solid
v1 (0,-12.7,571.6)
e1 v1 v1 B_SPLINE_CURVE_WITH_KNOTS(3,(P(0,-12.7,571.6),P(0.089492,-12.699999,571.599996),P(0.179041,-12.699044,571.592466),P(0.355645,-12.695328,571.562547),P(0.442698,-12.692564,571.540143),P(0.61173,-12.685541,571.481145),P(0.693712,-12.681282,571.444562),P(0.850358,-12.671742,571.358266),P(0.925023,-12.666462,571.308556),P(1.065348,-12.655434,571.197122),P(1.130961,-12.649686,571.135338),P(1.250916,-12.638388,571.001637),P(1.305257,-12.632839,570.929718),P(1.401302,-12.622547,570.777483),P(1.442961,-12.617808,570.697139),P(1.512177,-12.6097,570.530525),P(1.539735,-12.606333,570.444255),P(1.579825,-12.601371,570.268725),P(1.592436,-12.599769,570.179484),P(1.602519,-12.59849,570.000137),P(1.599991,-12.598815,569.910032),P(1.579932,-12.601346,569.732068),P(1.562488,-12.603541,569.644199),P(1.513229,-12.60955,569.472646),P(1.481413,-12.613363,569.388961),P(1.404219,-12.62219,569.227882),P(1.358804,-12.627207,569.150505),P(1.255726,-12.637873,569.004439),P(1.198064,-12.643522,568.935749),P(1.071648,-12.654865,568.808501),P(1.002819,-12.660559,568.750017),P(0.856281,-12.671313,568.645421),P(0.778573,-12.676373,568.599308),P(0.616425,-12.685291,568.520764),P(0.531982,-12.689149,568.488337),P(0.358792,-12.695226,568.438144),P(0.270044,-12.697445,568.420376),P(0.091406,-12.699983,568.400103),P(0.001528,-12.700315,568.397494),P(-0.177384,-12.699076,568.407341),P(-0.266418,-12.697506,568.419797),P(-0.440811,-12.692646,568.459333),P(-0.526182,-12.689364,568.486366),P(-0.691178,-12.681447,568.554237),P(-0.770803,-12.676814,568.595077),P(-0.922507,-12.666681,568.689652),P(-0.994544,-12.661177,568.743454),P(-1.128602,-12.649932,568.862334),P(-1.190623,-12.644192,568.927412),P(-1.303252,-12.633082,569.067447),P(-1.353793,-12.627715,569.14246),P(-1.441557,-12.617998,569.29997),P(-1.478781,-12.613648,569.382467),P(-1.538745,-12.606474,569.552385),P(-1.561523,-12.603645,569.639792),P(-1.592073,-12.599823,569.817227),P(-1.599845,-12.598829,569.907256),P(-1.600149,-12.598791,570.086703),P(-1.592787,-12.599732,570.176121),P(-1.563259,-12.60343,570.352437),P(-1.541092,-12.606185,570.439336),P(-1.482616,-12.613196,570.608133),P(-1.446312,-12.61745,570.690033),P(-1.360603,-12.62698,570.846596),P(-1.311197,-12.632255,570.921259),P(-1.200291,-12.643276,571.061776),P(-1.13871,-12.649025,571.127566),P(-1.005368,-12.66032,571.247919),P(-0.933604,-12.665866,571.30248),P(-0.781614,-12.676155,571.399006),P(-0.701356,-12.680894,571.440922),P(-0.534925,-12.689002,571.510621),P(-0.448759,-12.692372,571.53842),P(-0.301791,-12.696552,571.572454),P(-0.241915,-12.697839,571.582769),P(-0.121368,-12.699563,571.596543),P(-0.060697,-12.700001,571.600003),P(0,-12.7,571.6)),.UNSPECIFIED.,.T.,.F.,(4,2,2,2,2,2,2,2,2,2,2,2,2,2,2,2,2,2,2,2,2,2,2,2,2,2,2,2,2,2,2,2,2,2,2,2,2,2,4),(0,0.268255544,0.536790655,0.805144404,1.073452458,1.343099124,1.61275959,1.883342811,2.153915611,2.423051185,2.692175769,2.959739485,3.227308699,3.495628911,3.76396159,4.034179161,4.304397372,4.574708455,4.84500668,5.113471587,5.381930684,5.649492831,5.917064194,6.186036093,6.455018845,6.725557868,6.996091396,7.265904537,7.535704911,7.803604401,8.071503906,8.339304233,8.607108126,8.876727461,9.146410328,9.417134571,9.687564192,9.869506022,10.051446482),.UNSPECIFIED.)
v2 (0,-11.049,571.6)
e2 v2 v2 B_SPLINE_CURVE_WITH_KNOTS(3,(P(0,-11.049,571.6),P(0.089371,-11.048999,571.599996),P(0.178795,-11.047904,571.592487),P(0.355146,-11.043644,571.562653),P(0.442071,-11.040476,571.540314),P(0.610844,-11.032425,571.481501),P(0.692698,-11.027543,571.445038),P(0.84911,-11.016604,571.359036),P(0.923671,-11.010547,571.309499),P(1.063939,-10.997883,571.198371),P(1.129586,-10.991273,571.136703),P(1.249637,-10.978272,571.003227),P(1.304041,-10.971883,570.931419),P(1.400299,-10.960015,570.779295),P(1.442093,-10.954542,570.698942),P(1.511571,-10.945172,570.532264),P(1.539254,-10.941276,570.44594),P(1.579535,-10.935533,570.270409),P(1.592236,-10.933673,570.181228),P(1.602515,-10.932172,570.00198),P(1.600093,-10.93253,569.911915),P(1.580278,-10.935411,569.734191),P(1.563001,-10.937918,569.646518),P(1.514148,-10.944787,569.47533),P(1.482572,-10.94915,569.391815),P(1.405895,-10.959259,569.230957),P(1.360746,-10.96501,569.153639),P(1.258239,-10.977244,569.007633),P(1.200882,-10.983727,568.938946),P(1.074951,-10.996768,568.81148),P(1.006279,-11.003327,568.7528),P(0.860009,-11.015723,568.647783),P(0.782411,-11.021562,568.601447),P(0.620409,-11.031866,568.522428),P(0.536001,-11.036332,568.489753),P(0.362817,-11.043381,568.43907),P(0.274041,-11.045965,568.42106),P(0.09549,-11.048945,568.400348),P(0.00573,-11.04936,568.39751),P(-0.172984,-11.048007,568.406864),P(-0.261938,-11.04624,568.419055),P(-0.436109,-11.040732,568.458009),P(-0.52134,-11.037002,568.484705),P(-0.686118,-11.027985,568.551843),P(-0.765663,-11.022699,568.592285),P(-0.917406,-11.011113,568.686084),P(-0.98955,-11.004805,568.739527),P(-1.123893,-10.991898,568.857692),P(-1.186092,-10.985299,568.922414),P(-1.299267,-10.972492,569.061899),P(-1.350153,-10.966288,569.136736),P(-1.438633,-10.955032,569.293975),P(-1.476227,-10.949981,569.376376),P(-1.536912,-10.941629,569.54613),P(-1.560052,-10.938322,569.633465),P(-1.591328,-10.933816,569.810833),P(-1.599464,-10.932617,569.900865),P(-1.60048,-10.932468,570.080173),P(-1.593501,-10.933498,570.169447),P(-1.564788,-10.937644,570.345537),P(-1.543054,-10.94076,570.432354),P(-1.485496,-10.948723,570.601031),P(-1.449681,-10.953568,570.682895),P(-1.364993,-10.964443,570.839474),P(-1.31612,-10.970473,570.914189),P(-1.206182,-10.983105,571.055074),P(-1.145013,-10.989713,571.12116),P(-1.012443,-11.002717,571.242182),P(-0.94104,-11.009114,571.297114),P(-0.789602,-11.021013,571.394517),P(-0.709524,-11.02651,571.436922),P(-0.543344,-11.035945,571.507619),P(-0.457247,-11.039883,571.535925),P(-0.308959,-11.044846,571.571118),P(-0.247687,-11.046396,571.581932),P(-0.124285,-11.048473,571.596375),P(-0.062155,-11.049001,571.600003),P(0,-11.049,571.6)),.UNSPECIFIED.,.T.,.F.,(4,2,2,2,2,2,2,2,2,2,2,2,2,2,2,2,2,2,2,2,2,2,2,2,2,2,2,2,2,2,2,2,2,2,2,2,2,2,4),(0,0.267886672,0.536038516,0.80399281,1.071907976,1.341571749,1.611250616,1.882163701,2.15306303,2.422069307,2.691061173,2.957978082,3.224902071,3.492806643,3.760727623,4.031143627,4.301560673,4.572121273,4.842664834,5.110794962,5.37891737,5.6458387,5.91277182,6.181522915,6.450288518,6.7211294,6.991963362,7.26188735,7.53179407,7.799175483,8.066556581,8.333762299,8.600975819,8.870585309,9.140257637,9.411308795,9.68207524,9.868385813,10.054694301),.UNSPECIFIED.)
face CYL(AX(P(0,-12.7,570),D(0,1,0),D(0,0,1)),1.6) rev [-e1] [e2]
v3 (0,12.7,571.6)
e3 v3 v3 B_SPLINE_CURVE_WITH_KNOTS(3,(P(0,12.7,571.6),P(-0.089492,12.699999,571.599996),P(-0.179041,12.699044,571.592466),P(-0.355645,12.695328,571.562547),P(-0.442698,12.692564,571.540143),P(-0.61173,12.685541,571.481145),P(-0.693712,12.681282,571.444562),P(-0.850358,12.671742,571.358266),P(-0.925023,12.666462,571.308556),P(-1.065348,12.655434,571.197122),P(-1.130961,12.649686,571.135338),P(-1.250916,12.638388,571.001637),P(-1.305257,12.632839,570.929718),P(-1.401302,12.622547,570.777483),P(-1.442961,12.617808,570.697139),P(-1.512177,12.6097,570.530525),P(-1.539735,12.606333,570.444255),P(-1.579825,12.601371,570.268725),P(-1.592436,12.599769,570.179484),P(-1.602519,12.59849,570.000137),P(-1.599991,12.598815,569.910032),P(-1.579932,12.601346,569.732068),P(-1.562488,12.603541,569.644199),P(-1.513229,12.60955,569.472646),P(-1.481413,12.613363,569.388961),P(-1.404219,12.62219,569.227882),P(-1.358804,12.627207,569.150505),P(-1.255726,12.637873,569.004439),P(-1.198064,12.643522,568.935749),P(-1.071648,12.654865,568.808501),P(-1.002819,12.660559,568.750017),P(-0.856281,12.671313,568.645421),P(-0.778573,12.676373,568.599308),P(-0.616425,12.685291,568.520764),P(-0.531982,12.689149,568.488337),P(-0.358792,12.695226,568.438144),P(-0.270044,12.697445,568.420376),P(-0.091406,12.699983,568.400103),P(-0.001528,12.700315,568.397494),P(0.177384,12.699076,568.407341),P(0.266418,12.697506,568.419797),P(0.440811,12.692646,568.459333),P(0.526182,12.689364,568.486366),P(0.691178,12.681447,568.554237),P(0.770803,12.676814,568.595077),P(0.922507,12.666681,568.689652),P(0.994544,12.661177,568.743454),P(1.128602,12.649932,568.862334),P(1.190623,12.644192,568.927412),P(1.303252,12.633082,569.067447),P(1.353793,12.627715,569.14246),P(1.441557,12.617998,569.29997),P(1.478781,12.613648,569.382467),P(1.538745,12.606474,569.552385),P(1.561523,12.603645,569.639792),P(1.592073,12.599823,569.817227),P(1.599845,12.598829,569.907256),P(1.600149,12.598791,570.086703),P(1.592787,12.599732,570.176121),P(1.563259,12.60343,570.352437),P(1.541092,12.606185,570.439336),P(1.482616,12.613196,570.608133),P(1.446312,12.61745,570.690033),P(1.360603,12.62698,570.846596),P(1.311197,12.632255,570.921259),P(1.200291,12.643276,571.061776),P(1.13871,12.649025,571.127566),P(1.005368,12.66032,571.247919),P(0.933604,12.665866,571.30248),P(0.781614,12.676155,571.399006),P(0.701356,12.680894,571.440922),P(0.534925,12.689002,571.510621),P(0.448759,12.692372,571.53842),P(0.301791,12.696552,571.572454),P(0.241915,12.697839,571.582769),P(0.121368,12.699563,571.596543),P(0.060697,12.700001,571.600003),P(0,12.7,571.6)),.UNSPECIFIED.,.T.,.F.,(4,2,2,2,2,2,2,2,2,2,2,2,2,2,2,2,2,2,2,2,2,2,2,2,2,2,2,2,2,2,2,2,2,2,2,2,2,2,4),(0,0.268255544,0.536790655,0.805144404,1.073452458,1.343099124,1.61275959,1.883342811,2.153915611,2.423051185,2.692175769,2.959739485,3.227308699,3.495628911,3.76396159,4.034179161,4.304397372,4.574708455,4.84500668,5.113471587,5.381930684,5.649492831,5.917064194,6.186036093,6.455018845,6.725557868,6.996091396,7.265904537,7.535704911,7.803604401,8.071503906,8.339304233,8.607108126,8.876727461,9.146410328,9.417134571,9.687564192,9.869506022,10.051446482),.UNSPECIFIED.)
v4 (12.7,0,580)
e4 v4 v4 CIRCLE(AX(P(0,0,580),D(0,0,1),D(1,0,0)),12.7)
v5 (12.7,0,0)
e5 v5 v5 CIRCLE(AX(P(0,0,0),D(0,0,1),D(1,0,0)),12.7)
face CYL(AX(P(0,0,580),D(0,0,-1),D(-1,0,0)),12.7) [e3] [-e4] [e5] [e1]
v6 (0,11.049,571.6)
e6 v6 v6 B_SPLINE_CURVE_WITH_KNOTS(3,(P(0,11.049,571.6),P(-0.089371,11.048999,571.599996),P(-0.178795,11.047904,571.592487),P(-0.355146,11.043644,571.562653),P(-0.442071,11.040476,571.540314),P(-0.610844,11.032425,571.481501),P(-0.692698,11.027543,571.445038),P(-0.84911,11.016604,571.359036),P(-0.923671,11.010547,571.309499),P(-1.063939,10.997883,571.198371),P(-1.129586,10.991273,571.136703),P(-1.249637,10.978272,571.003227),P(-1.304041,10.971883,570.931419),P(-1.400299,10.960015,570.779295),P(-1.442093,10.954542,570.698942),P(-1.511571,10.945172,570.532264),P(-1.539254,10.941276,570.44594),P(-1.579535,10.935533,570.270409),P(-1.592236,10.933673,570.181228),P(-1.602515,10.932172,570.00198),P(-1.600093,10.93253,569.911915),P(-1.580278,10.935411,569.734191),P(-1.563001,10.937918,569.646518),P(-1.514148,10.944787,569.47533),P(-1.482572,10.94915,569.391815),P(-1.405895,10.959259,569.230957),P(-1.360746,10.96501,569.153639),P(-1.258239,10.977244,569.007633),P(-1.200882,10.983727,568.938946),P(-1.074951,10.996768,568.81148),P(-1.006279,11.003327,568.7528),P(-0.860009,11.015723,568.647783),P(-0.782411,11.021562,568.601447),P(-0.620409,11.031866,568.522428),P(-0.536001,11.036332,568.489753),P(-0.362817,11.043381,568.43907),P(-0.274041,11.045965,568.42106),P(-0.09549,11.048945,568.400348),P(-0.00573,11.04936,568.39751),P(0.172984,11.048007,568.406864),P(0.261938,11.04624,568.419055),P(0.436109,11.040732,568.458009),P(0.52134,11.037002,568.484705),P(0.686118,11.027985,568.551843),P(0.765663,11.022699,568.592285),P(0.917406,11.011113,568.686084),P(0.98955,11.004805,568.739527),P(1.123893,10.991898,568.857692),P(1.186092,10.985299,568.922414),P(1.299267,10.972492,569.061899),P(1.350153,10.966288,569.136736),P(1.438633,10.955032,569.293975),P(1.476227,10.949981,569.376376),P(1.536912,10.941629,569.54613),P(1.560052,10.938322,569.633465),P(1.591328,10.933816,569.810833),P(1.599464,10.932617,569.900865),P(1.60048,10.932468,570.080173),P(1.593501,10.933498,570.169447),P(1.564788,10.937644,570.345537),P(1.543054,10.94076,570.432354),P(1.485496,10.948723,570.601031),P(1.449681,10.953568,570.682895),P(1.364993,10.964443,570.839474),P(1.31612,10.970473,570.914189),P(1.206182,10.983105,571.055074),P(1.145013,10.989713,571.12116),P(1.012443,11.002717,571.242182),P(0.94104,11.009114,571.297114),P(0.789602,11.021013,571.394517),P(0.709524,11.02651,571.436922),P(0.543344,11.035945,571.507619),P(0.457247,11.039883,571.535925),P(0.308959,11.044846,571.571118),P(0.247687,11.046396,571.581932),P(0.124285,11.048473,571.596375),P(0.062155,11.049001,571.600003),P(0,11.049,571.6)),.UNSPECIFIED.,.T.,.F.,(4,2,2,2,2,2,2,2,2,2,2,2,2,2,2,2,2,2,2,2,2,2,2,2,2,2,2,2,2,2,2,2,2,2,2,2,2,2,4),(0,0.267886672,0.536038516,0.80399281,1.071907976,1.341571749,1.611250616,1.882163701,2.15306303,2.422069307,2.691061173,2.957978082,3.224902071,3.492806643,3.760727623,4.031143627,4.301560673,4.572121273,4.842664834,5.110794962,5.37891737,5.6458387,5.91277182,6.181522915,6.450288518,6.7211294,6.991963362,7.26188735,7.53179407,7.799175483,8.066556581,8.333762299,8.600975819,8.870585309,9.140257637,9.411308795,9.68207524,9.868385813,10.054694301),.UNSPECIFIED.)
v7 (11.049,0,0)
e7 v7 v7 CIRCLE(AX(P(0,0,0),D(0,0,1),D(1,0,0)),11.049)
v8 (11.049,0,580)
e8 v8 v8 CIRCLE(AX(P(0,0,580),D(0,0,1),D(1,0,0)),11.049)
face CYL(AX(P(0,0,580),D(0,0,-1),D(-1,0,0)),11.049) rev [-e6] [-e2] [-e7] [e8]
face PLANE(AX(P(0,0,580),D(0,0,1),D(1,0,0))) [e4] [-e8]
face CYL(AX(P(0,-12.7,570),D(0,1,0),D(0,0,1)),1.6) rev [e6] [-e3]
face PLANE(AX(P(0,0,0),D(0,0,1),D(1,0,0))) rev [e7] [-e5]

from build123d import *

# Parameters (mm, degrees)
SKETCH1_R               = 12.7
SKETCH1_R_2             = 11.049
BOSS_EXTRUDE1_DEPTH     = 580
SKETCH2_R               = 1.6
CUT_EXTRUDE1_DEPTH      = 13.7
CUT_EXTRUDE1_DEPTH_BACK = 13.7


with BuildPart() as part:
    # Sketch1 → Boss-Extrude1 (new body)
    with BuildSketch(Plane.XY):
        Circle(SKETCH1_R)
        Circle(SKETCH1_R_2, mode=Mode.SUBTRACT)
    extrude(amount=BOSS_EXTRUDE1_DEPTH)

    # Sketch2 → Cut-Extrude1 (cut, two sides)
    with BuildSketch(Plane(origin=(0, 0, 0), x_dir=(1, 0, 0), z_dir=(0, 1, 0))) as cut_extrude1_sk:
        with Locations((0, -570)):
            Circle(SKETCH2_R)
    extrude(amount=CUT_EXTRUDE1_DEPTH, mode=Mode.SUBTRACT)
    extrude(cut_extrude1_sk.sketch, amount=-CUT_EXTRUDE1_DEPTH_BACK, mode=Mode.SUBTRACT)


solid = part.part
